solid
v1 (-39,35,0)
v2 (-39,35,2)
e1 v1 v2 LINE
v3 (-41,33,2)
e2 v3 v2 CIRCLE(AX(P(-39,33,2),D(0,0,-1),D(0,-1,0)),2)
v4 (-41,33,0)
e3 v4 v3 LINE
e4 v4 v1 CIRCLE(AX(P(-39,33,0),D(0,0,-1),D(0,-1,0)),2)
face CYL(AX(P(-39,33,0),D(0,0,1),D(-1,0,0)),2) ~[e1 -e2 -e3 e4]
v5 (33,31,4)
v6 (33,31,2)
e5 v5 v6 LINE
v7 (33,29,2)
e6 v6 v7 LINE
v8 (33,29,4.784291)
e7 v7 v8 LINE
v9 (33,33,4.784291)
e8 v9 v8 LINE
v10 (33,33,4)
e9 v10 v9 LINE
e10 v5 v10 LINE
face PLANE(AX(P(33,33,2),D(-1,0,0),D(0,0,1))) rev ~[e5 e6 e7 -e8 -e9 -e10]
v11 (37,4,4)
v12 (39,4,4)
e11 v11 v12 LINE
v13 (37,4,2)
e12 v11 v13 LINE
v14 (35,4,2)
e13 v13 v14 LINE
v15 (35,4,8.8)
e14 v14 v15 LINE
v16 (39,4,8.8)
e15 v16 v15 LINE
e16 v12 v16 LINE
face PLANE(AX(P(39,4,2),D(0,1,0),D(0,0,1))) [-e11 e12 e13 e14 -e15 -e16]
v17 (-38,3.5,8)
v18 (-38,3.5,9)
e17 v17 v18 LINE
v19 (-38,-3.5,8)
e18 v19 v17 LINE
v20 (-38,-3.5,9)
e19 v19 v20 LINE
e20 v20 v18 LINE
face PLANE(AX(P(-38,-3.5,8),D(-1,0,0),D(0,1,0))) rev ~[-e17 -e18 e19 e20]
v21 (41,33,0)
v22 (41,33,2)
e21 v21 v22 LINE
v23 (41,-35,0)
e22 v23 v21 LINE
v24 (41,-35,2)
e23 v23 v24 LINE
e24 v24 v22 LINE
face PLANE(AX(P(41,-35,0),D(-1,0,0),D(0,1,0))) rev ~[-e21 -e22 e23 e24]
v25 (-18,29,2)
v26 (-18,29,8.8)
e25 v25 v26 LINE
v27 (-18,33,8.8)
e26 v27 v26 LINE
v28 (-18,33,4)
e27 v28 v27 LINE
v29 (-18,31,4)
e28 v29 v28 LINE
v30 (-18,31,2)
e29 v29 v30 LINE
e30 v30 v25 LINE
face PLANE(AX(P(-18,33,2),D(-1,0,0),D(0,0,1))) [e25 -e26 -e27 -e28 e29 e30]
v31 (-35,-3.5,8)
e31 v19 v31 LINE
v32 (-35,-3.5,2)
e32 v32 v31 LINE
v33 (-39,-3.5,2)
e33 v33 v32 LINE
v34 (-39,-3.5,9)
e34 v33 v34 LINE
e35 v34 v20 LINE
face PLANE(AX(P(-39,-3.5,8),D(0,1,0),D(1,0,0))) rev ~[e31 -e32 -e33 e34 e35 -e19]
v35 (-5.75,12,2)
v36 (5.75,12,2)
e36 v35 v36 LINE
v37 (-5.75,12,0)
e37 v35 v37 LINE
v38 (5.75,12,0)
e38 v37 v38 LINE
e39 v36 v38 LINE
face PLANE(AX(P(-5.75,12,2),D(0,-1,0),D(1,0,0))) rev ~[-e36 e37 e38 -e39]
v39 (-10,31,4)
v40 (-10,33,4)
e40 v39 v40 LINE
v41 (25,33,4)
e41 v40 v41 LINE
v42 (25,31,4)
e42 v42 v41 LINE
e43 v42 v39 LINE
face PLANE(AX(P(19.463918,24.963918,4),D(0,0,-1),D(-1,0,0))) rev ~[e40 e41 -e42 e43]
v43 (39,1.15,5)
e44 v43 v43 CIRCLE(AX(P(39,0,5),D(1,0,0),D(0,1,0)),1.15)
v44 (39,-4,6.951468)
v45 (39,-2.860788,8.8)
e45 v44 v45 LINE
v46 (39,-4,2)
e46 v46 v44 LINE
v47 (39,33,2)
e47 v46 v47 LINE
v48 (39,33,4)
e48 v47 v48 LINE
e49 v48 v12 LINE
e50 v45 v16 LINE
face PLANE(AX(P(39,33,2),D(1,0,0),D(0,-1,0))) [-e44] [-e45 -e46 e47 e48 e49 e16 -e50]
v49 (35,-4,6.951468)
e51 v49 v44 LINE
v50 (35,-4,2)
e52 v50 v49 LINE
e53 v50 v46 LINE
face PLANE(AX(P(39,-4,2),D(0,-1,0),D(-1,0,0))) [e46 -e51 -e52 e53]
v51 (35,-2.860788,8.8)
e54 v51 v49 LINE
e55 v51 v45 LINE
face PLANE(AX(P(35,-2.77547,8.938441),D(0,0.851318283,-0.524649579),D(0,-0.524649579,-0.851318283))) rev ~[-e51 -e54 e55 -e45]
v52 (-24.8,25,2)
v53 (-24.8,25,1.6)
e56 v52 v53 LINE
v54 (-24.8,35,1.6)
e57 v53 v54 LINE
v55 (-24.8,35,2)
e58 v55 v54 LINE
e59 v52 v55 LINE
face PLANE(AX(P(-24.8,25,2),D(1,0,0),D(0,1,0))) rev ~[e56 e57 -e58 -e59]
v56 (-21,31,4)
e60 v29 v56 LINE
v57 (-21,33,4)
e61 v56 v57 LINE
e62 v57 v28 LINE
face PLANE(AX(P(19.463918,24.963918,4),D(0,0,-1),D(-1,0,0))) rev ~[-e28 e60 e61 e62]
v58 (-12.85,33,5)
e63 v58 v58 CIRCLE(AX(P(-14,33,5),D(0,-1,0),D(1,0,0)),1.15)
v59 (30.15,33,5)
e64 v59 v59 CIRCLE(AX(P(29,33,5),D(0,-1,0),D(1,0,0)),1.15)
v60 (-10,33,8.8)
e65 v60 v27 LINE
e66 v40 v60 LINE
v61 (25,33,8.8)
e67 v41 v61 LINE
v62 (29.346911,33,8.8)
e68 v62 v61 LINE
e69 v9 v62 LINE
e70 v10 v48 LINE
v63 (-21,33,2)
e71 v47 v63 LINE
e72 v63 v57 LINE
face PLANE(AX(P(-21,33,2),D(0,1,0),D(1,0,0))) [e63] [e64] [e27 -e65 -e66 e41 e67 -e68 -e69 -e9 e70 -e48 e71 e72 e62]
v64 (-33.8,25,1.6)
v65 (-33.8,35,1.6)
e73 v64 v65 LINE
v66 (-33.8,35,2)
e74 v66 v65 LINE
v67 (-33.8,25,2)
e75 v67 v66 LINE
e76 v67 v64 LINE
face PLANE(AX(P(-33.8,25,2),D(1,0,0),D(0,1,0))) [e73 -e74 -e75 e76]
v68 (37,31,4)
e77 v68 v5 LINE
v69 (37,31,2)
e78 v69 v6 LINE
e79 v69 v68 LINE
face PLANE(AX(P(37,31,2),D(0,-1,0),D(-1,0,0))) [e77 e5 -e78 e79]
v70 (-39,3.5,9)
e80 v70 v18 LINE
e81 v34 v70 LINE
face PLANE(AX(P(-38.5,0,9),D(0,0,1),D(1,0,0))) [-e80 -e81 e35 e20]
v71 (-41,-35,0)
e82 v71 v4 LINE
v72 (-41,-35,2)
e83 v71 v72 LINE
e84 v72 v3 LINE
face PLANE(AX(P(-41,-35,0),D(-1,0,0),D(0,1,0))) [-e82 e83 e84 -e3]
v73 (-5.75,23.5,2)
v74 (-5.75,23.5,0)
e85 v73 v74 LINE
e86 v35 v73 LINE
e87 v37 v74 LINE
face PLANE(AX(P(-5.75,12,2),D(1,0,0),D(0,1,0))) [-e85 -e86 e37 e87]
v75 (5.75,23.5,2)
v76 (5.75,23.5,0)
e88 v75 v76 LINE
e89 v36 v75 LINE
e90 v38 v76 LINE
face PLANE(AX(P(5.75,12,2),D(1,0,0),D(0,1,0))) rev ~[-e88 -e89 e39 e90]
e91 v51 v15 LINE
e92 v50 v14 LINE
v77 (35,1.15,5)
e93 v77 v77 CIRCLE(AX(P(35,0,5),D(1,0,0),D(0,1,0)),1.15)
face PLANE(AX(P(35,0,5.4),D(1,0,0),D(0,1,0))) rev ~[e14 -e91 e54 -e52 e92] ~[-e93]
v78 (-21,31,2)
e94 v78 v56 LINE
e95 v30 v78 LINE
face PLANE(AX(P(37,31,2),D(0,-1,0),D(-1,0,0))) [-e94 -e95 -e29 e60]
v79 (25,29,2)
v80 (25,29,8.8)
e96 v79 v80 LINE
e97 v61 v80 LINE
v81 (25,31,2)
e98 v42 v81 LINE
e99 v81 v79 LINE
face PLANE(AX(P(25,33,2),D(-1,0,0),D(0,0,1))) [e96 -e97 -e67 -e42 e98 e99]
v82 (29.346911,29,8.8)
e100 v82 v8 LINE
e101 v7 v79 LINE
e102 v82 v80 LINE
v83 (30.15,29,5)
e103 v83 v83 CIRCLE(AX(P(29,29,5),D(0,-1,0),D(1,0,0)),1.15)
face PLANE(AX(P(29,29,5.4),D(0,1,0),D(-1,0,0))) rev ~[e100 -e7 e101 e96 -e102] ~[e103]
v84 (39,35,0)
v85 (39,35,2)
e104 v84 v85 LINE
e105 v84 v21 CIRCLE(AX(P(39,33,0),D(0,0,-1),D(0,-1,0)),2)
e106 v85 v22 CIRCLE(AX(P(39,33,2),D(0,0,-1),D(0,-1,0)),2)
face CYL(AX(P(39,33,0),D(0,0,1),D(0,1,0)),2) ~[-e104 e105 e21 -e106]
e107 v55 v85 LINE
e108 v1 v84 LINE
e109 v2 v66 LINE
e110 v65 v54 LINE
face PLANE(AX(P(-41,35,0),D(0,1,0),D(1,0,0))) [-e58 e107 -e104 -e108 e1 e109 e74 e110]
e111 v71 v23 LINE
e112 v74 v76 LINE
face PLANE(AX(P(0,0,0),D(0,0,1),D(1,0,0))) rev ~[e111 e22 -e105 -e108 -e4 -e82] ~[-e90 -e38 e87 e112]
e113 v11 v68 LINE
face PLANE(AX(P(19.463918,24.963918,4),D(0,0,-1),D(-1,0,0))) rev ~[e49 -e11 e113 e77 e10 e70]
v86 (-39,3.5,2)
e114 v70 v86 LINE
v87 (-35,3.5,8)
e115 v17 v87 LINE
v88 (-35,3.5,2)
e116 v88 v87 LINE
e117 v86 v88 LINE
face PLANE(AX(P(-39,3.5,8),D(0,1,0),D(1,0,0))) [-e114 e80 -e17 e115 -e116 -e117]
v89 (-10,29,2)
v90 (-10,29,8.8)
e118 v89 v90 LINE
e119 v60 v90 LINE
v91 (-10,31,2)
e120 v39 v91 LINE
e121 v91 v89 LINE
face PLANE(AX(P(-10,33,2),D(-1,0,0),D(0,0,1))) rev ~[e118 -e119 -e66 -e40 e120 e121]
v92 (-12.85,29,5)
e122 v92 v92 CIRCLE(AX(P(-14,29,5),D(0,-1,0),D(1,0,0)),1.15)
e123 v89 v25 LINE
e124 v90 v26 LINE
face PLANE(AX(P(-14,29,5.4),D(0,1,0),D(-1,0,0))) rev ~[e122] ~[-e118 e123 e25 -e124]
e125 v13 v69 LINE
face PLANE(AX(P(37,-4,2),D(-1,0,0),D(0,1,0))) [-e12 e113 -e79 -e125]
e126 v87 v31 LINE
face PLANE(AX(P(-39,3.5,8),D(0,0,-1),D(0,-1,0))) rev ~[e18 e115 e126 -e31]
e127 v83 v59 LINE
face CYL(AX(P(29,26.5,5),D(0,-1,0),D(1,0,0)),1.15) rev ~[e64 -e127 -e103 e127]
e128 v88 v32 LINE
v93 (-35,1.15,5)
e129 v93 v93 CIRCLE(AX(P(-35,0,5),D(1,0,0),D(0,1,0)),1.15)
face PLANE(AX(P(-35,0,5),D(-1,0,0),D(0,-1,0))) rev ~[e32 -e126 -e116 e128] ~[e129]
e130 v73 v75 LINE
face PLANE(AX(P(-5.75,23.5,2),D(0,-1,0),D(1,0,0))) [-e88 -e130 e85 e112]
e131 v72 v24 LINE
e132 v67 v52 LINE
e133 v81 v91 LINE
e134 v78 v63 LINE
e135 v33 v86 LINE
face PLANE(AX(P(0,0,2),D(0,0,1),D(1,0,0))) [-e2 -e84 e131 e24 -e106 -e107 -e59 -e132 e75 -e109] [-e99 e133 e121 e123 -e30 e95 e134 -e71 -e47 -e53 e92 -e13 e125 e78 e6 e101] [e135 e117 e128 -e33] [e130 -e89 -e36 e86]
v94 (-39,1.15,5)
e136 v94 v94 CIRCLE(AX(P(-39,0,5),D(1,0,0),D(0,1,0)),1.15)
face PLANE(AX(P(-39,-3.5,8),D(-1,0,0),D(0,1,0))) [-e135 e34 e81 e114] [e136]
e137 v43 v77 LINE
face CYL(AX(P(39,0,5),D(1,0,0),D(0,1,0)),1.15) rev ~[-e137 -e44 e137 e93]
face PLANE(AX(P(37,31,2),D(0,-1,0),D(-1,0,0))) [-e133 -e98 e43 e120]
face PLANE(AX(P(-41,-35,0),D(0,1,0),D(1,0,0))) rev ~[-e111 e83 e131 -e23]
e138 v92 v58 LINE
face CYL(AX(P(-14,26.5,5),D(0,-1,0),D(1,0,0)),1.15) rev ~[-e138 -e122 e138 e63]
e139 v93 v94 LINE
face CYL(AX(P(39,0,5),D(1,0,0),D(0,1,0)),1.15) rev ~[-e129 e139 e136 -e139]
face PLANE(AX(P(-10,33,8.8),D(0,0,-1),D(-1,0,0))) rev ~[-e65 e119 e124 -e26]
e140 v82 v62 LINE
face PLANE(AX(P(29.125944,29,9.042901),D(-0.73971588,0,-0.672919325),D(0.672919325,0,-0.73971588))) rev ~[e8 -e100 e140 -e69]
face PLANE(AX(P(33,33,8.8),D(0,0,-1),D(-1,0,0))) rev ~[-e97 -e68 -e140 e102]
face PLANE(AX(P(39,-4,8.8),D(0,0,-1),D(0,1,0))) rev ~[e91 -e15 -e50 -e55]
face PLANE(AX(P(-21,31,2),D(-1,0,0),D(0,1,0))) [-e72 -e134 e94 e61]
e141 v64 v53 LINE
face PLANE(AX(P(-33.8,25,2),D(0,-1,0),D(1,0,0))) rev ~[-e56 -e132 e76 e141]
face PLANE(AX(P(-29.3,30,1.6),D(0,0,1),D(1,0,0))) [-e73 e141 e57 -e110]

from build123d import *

# Parameters (mm, degrees)
SKETCH_W        = 82
SKETCH_H        = 70
PAD_DEPTH       = 2
SKETCH001_W     = 2
SKETCH001_H     = 7
PAD001_DEPTH    = 2
SKETCH011_W     = 8
SKETCH011_H     = 6.8
PAD002_DEPTH    = 4
SKETCH012_W     = 7
SKETCH012_H     = 6
PAD003_DEPTH    = 4
SKETCH010_W     = 8
SKETCH010_H     = 6.8
PAD004_DEPTH    = 4
SKETCH013_R     = 1.15
POCKET_DEPTH    = 80.001
SKETCH016_R     = 1.15
POCKET001_DEPTH = 8.501
SKETCH018_W     = 11.5
SKETCH018_H     = 11.5
POCKET002_DEPTH = 5
POCKET003_DEPTH = 5
POCKET004_DEPTH = 5
SKETCH021_W     = 1
SKETCH021_H     = 7
PAD005_DEPTH    = 1
SKETCH022_W     = 9
SKETCH022_H     = 10
POCKET005_DEPTH = 0.4
FILLET_R        = 2


with BuildPart() as part:
    # Sketch → Pad (new body)
    with BuildSketch(Plane.XY):
        Rectangle(SKETCH_W, SKETCH_H)
    extrude(amount=PAD_DEPTH)

    # Sketch001 (on Face6 of Pad) → Pad001 (join)
    with BuildSketch(Plane.XY.offset(2)):
        with Locations((-38, 0)):
            Rectangle(SKETCH001_W, SKETCH001_H)
        Polygon((-21, 33), (39, 33), (39, -4), (37, -4), (37, 31), (-21, 31), align=None)
    extrude(amount=PAD001_DEPTH)

    # Sketch011 (on Face15 of Pad001) → Pad002 (join)
    with BuildSketch(Plane.YZ.offset(39)):
        with Locations((0, 5.4)):
            Rectangle(SKETCH011_W, SKETCH011_H)
    extrude(amount=-PAD002_DEPTH)

    # Sketch012 (on Face9 of Pad002) → Pad003 (join)
    with BuildSketch(Plane(origin=(-39, 0, 0), x_dir=(0, -1, 0), z_dir=(-1, 0, 0))):
        with Locations((0, 5)):
            Rectangle(SKETCH012_W, SKETCH012_H)
    extrude(amount=-PAD003_DEPTH)

    # Sketch010 (on Face16 of Pad001) → Pad004 (join)
    with BuildSketch(Plane(origin=(0, 33, 0), x_dir=(-1, 0, 0), z_dir=(0, 1, 0))):
        with Locations((-29, 5.4)):
            Rectangle(SKETCH010_W, SKETCH010_H)
        with Locations((14, 5.4)):
            Rectangle(SKETCH010_W, SKETCH010_H)
    extrude(amount=-PAD004_DEPTH)

    # Sketch013 (on Face44 of Pad004) → Pocket (cut, through all)
    with BuildSketch(Plane.YZ.offset(39)):
        with Locations((0, 5)):
            Circle(SKETCH013_R)
    extrude(amount=-POCKET_DEPTH, mode=Mode.SUBTRACT)

    # Sketch016 → Pocket001 (cut, through all)
    with BuildSketch(Plane.XZ.offset(-26.5)):
        with Locations((-14, 5)):
            Circle(SKETCH016_R)
        with Locations((29, 5)):
            Circle(SKETCH016_R)
    extrude(amount=-POCKET001_DEPTH, mode=Mode.SUBTRACT)

    # Sketch018 (on Face5 of Pocket001) → Pocket002 (cut)
    with BuildSketch(Plane.XY.offset(2)):
        with Locations((0, 17.75)):
            Rectangle(SKETCH018_W, SKETCH018_H)
    extrude(amount=-POCKET002_DEPTH, mode=Mode.SUBTRACT)

    # Sketch019 (on Face31 of Pocket002) → Pocket003 (cut)
    with BuildSketch(Plane.XZ.offset(-29)):
        Polygon((29.125944, 9.042901), (33.258869, 4.499726), (33.258869, 9.042901), align=None)
    extrude(amount=-POCKET003_DEPTH, mode=Mode.SUBTRACT)

    # Sketch020 (on Face36 of Pocket003) → Pocket004 (cut)
    with BuildSketch(Plane(origin=(35, 0, 0), x_dir=(0, -1, 0), z_dir=(-1, 0, 0))):
        Polygon((2.77547, 8.938441), (6.386171, 3.079567), (6.386171, 8.938441), align=None)
    extrude(amount=-POCKET004_DEPTH, mode=Mode.SUBTRACT)

    # Sketch021 (on Face40 of Pocket004) → Pad005 (join)
    with BuildSketch(Plane.XY.offset(8)):
        with Locations((-38.5, 0)):
            Rectangle(SKETCH021_W, SKETCH021_H)
    extrude(amount=PAD005_DEPTH)

    # Sketch022 (on Face5 of Pocket003) → Pocket005 (cut)
    with BuildSketch(Plane.XY.offset(2)):
        with Locations((-29.3, 30)):
            Rectangle(SKETCH022_W, SKETCH022_H)
    extrude(amount=-POCKET005_DEPTH, mode=Mode.SUBTRACT)

    # Fillet
    fillet_edges = [part.edges().sort_by_distance(p)[0] for p in [
        (41, 35, 1),
        (-41, 35, 1),
    ]]
    fillet(fillet_edges, radius=FILLET_R)


solid = part.part
